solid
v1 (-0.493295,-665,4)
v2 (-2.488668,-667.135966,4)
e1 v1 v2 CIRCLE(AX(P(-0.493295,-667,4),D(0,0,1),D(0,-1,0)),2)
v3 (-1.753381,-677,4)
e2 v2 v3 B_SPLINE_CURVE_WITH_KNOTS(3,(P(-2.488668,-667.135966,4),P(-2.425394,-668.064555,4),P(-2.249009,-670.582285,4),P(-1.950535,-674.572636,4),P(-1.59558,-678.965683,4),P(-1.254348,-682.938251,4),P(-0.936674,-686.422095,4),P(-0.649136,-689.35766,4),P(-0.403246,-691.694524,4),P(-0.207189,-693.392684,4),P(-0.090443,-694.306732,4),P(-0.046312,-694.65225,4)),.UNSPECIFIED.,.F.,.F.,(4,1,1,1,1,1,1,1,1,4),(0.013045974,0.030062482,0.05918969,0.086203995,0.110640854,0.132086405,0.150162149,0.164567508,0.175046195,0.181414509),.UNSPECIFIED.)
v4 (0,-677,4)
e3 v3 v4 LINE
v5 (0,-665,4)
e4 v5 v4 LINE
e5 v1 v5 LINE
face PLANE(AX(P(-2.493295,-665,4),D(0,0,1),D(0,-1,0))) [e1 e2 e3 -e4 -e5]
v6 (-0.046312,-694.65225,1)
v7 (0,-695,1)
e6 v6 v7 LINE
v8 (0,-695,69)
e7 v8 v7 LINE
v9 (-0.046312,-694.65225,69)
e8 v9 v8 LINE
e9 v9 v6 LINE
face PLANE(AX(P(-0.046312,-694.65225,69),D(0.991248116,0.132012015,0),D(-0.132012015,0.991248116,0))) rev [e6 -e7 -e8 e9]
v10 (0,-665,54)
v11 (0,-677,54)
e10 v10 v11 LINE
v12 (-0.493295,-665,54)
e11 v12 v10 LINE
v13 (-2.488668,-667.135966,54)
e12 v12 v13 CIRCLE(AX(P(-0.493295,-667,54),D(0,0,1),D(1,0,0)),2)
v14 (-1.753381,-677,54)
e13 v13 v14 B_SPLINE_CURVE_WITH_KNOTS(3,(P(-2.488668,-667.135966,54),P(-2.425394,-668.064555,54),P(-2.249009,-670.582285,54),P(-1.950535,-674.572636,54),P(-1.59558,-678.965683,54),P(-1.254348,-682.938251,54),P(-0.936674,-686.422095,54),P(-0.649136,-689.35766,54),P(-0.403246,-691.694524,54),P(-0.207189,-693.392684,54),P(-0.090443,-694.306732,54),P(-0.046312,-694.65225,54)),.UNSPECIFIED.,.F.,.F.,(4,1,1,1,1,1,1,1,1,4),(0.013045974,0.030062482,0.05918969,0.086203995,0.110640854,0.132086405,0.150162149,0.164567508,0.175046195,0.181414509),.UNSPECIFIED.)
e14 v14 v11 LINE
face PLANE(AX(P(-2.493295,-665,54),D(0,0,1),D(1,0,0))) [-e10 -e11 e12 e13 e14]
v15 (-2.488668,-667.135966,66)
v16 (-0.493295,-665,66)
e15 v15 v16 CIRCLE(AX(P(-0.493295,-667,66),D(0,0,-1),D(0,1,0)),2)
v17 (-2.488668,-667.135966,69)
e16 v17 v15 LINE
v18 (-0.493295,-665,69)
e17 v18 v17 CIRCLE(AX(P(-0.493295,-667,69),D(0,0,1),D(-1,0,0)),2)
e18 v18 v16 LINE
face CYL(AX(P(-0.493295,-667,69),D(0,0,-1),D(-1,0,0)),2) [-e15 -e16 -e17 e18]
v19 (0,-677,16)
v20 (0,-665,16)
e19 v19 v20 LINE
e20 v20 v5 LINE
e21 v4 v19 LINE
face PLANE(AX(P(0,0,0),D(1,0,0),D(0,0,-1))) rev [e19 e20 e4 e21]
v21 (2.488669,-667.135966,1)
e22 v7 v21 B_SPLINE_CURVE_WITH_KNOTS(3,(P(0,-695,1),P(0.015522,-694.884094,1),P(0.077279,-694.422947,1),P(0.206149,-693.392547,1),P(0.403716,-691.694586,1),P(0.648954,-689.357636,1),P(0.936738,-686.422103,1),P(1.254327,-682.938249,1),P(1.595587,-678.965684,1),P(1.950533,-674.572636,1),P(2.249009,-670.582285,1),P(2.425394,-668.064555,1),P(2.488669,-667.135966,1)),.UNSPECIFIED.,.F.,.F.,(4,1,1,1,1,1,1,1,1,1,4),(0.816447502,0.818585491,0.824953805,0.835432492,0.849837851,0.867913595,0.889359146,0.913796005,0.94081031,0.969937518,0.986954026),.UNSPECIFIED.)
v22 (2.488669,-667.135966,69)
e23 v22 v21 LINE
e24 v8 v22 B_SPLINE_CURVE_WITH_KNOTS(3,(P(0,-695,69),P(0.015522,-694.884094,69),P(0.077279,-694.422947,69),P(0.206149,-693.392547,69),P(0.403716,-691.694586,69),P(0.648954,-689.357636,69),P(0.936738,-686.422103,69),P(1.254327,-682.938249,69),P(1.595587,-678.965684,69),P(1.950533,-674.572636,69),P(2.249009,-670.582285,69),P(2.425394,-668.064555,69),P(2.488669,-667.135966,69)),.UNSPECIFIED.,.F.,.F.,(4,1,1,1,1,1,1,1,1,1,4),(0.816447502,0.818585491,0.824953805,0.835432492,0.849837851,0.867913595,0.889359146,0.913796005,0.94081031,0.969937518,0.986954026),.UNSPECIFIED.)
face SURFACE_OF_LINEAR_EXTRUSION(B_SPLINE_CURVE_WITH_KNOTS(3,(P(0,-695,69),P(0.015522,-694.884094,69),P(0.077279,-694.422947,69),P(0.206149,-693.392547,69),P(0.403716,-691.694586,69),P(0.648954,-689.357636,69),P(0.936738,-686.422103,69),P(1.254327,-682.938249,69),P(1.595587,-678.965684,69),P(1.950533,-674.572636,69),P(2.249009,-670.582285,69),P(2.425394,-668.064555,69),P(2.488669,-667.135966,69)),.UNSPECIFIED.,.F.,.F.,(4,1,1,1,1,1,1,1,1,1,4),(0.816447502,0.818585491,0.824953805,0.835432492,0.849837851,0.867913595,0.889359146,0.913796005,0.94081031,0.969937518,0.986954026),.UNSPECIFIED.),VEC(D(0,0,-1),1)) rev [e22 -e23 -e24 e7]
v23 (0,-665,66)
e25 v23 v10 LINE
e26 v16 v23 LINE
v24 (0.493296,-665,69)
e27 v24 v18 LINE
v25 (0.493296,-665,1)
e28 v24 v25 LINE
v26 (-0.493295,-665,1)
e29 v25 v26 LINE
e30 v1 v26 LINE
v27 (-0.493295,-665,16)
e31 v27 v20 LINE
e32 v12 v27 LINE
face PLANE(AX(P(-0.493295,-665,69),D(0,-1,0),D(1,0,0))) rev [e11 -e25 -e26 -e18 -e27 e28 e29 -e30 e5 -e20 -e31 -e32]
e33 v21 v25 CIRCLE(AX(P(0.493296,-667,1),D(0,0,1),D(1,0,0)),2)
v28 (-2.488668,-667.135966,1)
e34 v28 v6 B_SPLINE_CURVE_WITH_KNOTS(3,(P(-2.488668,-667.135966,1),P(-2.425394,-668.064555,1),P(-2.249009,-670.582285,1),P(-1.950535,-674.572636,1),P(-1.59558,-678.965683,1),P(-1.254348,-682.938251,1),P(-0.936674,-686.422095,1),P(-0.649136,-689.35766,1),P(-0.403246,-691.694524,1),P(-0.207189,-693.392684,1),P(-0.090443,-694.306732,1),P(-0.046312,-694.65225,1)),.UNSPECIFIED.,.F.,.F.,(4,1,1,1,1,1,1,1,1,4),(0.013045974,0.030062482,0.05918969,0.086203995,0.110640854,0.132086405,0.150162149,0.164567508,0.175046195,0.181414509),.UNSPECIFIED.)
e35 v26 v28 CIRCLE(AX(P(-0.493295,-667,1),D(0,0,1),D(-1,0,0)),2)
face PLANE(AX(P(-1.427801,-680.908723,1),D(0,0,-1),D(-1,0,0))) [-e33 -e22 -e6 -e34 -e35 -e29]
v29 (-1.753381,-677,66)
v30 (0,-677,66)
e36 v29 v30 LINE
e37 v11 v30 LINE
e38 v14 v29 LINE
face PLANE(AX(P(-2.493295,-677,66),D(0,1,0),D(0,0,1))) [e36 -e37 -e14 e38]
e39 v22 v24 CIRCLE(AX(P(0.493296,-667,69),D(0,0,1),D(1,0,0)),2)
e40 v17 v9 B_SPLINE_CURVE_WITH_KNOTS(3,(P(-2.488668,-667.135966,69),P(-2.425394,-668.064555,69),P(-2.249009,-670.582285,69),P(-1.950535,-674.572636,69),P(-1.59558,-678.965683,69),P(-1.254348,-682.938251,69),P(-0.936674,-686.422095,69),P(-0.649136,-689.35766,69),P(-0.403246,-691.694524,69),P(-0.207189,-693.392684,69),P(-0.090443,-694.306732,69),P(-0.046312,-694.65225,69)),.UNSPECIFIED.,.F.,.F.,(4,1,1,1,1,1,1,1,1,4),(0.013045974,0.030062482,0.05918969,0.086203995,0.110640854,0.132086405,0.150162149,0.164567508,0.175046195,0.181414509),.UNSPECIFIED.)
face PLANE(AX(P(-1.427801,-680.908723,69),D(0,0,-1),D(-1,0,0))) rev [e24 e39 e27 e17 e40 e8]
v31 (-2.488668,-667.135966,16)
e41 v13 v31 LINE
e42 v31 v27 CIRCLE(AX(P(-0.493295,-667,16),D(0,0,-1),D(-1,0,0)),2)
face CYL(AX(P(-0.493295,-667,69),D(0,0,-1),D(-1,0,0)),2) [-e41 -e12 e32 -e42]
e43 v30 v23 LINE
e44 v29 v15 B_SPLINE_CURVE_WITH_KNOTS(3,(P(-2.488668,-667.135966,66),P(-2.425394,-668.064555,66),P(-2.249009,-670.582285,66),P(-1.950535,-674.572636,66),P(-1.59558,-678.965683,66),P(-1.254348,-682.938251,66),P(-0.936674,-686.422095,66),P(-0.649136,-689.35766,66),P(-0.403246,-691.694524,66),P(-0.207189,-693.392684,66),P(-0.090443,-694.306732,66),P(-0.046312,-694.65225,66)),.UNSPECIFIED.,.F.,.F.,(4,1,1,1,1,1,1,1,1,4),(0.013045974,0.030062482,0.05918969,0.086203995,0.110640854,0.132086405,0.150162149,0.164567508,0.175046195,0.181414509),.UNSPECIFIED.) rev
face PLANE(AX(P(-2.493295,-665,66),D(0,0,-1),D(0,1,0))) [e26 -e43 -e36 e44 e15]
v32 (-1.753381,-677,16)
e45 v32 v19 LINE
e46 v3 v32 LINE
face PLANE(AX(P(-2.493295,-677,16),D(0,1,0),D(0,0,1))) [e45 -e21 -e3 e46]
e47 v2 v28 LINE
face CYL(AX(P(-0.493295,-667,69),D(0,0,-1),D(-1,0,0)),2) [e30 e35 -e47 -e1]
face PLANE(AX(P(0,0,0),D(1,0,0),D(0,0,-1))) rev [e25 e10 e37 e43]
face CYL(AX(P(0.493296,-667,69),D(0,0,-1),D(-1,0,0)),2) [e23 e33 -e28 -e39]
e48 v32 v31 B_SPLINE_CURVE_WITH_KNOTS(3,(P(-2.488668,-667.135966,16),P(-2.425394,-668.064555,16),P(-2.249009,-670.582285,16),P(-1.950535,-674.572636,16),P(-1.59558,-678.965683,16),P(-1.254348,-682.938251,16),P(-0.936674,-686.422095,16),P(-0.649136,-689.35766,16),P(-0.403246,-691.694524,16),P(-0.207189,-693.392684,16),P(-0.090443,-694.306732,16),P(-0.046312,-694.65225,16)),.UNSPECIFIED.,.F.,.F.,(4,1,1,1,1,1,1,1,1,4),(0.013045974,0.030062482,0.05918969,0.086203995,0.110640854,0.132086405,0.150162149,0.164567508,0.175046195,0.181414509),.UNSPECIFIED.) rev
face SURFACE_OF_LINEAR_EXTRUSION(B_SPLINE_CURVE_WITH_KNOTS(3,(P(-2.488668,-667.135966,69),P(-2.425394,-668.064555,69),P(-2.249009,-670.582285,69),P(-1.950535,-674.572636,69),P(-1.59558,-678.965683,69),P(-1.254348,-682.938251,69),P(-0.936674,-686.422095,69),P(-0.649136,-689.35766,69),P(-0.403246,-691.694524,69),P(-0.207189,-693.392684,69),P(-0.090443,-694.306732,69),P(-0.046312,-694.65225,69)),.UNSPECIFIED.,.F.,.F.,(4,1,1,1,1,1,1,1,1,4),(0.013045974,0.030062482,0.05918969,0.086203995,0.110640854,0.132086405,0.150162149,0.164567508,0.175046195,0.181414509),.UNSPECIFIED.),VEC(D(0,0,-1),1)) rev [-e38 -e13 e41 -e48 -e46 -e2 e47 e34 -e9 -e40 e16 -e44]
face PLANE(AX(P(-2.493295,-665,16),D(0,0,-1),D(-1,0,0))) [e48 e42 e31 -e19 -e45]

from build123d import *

# Parameters (mm, degrees)
BOSS_EXTRUDE1_DEPTH = 34
SKETCH4_W           = 12
SKETCH4_H           = 12
CUT_EXTRUDE1_DEPTH  = 3.493295554


with BuildPart() as part:
    # Sketch2 → Boss-Extrude1 (new body, symmetric)
    with BuildSketch(Plane.XY.offset(35)):
        with BuildLine():
            Line((-0.493295454, -665), (0.493295611, -665))
            ThreePointArc((0.493295611, -665), (1.954790004, -665.634703644), (2.488668579, -667.135965861))
            add(Edge.make_bspline(
                [(0, -695), (0.015522073, -694.884094445), (0.077278927, -694.422947112), (0.206148599, -693.392547034), (0.403716276, -691.694585868), (0.648953841, -689.357636132), (0.936738043, -686.422103162), (1.254326755, -682.93824868), (1.595587122, -678.965683583), (1.950533146, -674.572635912), (2.249009374, -670.582285025), (2.425394007, -668.064554633), (2.488668579, -667.135965861)],
                knots=[0.816447502, 0.816447502, 0.816447502, 0.816447502, 0.818585491, 0.824953805, 0.835432492, 0.849837851, 0.867913595, 0.889359146, 0.913796005, 0.94081031, 0.969937518, 0.986954026, 0.986954026, 0.986954026, 0.986954026], degree=3))
            Line((0, -695), (-0.0463125, -694.65225))
            add(Edge.make_bspline(
                [(-2.488668416, -667.135965964), (-2.425393799, -668.064554688), (-2.249009192, -670.582285042), (-1.950535166, -674.572636178), (-1.595580455, -678.965682707), (-1.254347923, -682.938251461), (-0.936673997, -686.422094747), (-0.649135543, -689.357660004), (-0.403246318, -691.694524123), (-0.207189019, -693.39268373), (-0.090443378, -694.3067318), (-0.0463125, -694.65225)],
                knots=[0.013045974, 0.013045974, 0.013045974, 0.013045974, 0.030062482, 0.05918969, 0.086203995, 0.110640854, 0.132086405, 0.150162149, 0.164567508, 0.175046195, 0.181414509, 0.181414509, 0.181414509, 0.181414509], degree=3))
            ThreePointArc((-2.488668416, -667.135965964), (-1.954789882, -665.634703682), (-0.493295454, -665))
        make_face()
    extrude(amount=BOSS_EXTRUDE1_DEPTH, both=True)

    # Sketch4 → Cut-Extrude1 (cut, through all)
    with BuildSketch(Plane.ZY):
        with Locations((60, -671)):
            Rectangle(SKETCH4_W, SKETCH4_H)
        with Locations((10, -671)):
            Rectangle(SKETCH4_W, SKETCH4_H)
    extrude(amount=CUT_EXTRUDE1_DEPTH, mode=Mode.SUBTRACT)


solid = part.part
